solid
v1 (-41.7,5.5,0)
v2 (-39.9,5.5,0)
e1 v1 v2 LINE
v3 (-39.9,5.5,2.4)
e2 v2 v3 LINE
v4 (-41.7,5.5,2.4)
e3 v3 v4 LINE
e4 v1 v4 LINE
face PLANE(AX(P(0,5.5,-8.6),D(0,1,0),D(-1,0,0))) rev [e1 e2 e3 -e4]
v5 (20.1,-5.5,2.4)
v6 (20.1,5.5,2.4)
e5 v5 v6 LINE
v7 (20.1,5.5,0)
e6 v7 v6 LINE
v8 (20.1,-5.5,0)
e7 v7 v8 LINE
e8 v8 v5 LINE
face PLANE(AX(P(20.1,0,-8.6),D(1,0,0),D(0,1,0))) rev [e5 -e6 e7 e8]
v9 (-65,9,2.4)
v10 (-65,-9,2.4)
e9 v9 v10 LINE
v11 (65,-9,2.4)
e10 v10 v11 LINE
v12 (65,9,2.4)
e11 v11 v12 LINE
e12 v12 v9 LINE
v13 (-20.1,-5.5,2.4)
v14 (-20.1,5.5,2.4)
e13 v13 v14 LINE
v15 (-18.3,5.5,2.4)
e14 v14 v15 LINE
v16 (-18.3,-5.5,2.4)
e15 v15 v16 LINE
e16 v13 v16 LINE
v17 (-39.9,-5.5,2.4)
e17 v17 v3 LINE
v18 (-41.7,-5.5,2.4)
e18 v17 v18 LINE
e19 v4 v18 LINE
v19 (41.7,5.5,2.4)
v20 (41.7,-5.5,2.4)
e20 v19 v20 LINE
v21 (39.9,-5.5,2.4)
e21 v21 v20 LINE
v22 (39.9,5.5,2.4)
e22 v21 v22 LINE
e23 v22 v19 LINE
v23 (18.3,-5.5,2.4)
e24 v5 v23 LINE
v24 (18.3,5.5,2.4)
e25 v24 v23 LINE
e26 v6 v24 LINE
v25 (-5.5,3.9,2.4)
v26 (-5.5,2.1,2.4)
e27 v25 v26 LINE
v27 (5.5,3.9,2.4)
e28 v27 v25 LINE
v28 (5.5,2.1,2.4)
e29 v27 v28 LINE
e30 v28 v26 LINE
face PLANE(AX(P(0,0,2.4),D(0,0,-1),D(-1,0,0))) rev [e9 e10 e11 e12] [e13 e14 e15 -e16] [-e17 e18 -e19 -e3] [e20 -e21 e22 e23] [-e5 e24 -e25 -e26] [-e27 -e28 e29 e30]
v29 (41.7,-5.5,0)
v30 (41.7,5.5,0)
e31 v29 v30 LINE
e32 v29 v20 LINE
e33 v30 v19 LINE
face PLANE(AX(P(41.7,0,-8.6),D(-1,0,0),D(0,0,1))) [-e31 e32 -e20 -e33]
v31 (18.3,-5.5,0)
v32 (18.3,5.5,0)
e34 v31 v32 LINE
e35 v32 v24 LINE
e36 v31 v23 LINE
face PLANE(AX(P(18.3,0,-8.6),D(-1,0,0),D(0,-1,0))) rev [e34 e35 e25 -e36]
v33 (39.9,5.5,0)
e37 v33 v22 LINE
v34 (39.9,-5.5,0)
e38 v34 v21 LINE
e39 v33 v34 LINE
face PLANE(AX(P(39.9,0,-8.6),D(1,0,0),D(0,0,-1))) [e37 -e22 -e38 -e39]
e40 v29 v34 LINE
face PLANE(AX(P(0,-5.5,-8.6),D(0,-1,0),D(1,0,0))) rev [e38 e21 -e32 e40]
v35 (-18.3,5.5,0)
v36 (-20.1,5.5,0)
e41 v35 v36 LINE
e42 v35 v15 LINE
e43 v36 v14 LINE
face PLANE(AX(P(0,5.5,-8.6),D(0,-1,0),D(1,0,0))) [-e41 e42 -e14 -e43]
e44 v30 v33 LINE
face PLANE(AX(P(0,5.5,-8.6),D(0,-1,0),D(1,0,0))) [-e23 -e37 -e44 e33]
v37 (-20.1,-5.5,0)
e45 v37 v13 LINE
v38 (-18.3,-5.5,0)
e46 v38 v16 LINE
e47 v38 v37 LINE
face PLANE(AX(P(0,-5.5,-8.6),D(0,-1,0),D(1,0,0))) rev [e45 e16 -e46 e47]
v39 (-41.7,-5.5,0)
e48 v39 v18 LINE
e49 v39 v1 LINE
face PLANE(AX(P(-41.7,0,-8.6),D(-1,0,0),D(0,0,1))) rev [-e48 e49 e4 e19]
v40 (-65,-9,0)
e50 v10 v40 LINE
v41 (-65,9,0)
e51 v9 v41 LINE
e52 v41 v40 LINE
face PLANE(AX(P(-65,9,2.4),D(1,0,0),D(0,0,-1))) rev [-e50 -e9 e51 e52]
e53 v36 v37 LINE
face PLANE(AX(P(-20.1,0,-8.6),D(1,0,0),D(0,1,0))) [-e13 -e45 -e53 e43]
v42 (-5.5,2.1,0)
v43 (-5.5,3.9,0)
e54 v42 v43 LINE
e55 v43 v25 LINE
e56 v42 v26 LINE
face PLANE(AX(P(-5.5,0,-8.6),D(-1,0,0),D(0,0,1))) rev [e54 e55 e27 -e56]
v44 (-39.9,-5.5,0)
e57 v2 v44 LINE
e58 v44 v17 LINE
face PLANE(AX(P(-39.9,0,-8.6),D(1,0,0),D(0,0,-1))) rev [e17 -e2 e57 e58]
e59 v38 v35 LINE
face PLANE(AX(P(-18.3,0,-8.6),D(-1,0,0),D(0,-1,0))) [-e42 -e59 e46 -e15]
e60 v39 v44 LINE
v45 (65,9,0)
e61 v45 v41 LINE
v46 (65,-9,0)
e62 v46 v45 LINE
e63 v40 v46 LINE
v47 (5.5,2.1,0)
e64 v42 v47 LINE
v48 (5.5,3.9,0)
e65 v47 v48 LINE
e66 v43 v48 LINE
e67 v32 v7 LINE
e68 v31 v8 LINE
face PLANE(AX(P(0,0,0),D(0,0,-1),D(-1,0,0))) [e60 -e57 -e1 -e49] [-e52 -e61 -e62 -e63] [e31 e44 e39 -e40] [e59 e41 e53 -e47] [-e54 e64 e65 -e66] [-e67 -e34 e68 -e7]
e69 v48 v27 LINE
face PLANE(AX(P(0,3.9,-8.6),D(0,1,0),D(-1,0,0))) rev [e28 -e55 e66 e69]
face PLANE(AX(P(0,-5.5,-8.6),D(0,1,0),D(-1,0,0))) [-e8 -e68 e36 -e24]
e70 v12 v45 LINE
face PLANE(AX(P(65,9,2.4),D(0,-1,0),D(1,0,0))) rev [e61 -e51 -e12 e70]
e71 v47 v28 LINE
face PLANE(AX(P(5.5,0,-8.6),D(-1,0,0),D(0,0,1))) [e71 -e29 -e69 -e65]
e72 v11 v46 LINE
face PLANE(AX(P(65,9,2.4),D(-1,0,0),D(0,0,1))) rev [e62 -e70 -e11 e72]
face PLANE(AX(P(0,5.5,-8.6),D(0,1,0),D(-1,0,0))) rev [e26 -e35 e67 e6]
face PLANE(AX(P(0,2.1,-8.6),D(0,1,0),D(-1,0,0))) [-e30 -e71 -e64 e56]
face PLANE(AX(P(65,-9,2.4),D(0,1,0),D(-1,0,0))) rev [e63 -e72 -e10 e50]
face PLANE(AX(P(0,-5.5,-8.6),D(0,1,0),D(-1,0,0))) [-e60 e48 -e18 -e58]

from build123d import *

# Parameters (mm, degrees)
SKETCH2_W           = 130
SKETCH2_H           = 18
BOSS_EXTRUDE1_DEPTH = 2.4
SKETCH3_W           = 1.8
SKETCH3_H           = 11
SKETCH3_H_2         = 5.5
CUT_EXTRUDE1_DEPTH  = 11


with BuildPart() as part:
    # Sketch2 → Boss-Extrude1 (new body)
    with BuildSketch(Plane.XY):
        Rectangle(SKETCH2_W, SKETCH2_H)
    extrude(amount=BOSS_EXTRUDE1_DEPTH)

    # Sketch3 → Cut-Extrude1 (cut)
    with BuildSketch(Plane.XY.offset(2.4)):
        with Locations((-40.8, 0)):
            Rectangle(SKETCH3_W, SKETCH3_H)
        with Locations((-19.2, 2.75)):
            Rectangle(SKETCH3_W, SKETCH3_H_2)
        with Locations((-19.2, -2.75)):
            Rectangle(SKETCH3_W, SKETCH3_H_2)
        with Locations((19.2, 0)):
            Rectangle(SKETCH3_W, SKETCH3_H)
        with Locations((40.8, 0)):
            Rectangle(SKETCH3_W, SKETCH3_H)
        Polygon((0, 3), (0, 3.9), (-5.5, 3.9), (-5.5, 2.1), (0, 2.1), align=None)
        Polygon((5.5, 3.9), (0, 3.9), (0, 3), (0, 2.1), (5.5, 2.1), align=None)
    extrude(amount=-CUT_EXTRUDE1_DEPTH, mode=Mode.SUBTRACT)


solid = part.part
